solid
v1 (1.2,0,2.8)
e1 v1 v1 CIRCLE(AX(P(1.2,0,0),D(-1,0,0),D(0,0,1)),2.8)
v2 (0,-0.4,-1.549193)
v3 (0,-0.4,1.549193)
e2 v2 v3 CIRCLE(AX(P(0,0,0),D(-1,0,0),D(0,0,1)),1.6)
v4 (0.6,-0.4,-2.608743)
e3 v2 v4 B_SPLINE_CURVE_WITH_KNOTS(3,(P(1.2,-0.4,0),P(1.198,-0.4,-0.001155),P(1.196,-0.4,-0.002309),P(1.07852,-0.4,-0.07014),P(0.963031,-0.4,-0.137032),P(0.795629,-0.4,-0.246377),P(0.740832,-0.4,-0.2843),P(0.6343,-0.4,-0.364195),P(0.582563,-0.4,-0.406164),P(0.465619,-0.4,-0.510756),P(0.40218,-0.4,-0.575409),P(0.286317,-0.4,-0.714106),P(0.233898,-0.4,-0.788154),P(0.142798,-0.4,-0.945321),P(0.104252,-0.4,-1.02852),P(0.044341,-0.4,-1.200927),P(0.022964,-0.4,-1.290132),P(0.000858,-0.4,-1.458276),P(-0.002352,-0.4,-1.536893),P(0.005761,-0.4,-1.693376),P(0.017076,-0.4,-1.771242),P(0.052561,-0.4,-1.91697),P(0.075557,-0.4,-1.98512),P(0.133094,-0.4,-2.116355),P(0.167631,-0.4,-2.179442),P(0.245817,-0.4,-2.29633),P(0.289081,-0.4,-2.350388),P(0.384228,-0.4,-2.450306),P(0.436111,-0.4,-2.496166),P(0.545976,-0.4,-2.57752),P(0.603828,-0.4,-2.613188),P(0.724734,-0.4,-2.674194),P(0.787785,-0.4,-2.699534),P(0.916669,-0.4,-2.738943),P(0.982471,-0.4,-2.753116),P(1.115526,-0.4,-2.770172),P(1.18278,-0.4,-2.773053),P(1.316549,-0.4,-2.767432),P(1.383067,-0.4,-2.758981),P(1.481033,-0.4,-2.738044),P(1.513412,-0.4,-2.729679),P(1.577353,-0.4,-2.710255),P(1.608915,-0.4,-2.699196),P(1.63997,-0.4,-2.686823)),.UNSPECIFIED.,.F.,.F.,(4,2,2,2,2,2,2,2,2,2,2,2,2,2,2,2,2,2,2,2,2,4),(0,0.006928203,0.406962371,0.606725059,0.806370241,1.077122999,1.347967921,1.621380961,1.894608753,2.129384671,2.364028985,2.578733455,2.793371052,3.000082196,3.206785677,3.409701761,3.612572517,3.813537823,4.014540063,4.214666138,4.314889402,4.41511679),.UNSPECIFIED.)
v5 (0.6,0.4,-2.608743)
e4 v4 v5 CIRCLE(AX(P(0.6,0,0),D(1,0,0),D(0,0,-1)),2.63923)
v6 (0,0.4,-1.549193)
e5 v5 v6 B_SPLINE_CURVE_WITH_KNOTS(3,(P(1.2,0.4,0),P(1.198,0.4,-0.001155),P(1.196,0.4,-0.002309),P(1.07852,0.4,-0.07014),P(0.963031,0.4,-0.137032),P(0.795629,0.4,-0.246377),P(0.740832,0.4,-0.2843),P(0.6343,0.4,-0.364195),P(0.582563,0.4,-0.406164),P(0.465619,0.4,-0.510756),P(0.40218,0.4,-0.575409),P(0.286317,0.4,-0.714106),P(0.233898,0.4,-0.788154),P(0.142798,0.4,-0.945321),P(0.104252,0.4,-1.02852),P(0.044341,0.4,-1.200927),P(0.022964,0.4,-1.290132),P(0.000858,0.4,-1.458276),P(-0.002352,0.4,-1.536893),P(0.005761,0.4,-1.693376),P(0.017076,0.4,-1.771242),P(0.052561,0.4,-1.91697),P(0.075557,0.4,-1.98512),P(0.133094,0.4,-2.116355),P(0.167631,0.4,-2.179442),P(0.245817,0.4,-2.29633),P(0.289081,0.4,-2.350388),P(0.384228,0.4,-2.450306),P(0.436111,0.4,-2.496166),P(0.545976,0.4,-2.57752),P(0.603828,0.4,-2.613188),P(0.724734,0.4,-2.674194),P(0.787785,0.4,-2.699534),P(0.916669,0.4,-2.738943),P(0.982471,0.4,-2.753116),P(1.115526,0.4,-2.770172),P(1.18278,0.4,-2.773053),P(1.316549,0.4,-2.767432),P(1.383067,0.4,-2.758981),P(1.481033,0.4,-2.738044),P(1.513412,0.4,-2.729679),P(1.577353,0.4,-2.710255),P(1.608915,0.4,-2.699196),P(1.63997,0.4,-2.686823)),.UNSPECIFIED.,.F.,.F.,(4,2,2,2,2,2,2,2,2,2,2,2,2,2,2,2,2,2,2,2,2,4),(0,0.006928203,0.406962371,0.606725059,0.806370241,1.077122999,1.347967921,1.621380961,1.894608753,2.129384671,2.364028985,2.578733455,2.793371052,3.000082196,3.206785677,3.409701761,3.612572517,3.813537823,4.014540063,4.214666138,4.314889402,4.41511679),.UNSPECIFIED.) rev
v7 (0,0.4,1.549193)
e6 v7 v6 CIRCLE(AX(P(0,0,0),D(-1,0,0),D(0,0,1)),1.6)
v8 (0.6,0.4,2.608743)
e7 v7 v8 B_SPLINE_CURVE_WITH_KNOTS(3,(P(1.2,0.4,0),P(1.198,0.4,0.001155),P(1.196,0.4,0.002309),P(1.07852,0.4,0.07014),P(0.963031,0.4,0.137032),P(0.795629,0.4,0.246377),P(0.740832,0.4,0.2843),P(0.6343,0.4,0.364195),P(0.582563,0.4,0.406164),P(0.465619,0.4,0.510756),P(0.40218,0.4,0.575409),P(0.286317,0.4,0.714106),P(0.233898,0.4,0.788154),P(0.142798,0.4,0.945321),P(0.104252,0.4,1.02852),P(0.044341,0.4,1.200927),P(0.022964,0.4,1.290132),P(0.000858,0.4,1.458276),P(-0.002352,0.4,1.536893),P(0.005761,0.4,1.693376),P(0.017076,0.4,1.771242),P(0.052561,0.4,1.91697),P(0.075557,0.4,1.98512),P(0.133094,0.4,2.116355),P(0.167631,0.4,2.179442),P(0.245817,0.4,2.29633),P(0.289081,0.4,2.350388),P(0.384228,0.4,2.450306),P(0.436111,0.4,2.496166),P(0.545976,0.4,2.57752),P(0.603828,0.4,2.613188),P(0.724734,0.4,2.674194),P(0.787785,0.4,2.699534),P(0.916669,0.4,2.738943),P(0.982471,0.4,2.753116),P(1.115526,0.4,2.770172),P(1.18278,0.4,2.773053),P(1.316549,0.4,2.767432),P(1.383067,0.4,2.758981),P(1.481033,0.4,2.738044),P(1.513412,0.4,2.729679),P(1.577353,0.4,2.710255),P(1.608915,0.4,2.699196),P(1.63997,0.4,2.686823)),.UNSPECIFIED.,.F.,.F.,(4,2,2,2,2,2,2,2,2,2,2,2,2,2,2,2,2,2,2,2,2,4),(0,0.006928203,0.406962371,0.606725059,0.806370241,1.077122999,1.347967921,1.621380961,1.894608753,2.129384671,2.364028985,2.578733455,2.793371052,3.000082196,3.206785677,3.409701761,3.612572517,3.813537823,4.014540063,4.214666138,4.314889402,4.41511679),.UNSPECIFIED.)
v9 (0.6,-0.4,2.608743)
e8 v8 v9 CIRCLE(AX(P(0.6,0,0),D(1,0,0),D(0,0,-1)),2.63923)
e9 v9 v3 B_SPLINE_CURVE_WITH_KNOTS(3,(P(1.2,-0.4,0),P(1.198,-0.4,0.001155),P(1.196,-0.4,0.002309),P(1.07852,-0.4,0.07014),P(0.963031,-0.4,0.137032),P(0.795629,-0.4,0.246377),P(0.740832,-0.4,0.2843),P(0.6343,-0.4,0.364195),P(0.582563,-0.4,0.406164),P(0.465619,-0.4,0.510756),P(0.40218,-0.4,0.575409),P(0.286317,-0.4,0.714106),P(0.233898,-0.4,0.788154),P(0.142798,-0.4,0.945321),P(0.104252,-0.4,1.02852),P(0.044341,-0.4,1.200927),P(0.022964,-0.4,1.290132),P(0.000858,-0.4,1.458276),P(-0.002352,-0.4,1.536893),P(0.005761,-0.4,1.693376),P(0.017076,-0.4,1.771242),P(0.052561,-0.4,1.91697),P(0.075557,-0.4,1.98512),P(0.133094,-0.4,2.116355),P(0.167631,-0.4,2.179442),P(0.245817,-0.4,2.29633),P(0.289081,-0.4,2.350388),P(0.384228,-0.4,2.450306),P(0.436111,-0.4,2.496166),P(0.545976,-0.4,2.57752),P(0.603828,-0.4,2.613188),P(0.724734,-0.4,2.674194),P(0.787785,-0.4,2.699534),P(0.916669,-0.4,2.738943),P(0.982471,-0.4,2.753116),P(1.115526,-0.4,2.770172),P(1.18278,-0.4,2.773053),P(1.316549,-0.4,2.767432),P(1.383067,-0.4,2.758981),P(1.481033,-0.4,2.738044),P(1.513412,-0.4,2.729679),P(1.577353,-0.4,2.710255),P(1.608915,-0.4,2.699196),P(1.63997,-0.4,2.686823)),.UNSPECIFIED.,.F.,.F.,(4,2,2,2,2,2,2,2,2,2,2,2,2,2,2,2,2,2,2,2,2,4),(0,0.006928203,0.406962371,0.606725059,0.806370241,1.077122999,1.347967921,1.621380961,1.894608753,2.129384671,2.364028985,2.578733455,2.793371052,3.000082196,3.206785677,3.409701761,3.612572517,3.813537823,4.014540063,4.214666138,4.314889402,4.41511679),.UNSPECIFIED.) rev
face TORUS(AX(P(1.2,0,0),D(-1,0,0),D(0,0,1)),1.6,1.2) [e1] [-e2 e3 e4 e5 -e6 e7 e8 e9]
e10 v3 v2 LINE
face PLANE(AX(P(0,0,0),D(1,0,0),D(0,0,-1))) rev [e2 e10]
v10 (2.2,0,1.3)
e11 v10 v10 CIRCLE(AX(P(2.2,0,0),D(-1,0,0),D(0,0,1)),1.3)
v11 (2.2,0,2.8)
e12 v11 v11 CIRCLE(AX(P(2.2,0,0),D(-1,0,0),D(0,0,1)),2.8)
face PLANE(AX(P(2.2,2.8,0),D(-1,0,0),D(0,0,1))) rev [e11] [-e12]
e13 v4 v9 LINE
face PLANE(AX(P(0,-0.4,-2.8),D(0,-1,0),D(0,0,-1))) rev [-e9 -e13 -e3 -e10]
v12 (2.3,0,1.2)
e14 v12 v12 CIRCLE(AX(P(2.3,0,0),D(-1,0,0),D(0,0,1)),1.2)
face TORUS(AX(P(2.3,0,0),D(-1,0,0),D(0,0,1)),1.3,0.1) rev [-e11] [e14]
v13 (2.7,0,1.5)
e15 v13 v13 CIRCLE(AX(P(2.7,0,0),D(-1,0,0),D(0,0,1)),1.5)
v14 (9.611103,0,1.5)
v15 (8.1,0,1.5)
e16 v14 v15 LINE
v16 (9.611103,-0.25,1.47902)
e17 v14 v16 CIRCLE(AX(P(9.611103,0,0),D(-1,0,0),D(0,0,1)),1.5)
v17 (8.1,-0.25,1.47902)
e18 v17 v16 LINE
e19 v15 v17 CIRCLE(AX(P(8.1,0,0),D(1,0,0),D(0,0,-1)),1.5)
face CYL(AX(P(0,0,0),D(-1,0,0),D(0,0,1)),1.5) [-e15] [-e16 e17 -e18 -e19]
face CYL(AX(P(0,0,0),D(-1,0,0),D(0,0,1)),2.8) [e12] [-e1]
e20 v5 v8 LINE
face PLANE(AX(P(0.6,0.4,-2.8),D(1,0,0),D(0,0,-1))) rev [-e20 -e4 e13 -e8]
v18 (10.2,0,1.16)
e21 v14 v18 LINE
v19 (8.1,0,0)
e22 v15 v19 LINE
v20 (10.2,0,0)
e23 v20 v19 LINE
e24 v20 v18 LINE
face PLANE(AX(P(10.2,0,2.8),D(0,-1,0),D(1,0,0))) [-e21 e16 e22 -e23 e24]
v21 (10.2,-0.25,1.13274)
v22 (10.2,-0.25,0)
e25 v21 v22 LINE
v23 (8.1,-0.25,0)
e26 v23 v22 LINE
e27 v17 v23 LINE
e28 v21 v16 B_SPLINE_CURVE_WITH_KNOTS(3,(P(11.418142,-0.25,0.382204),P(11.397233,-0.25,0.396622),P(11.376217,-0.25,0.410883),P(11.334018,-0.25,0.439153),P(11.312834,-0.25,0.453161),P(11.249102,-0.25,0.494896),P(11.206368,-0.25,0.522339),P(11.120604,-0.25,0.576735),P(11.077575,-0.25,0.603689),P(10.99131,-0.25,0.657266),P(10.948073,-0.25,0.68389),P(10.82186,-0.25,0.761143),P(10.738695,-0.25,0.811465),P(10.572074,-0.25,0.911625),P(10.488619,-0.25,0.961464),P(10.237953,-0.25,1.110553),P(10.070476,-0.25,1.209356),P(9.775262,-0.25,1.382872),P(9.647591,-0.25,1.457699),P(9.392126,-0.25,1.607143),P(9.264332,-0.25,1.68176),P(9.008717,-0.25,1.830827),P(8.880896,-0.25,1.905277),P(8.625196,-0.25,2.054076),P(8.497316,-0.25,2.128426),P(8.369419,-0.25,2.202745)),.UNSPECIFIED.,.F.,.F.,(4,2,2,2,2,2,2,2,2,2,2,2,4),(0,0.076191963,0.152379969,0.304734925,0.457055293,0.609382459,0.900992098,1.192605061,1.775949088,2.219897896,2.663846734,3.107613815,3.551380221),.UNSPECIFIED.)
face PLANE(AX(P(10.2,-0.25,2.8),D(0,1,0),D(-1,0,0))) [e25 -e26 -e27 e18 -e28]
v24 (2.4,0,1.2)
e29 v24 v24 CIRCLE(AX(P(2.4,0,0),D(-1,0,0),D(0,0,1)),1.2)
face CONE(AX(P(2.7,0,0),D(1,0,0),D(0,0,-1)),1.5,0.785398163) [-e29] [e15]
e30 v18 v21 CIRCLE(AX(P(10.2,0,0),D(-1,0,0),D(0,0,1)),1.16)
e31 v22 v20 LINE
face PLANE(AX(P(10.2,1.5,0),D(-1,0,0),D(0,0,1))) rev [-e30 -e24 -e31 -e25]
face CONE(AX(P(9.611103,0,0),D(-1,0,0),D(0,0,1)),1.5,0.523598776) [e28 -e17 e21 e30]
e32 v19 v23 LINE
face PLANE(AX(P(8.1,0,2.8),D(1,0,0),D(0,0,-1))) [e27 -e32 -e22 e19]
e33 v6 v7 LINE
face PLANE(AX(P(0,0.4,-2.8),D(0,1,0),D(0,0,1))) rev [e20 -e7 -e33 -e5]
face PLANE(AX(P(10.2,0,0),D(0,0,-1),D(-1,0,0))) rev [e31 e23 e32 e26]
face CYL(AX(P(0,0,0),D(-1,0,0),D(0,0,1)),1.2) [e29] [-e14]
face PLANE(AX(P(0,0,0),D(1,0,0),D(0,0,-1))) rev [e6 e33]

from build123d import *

# Parameters (mm, degrees)
SLOT_CUT_EXTRUDE1_DEPTH      = 11.941663519
SLOT_CUT_EXTRUDE1_DEPTH_BACK = 11.941663519
SKETCH2_W                    = 0.6
SKETCH2_H                    = 0.8
SKETCH11_W                   = 2.1
SKETCH11_H                   = 0.25
POINT_CUT_EXTRUDE8_DEPTH     = 11.941663544


with BuildPart() as part:
    # Sketch1 → base-Revolve (revolve)
    with BuildSketch(Plane.XY, mode=Mode.PRIVATE) as base_revolve_sk:
        with BuildLine():
            Line((0, 0), (0, 1.6))
            ThreePointArc((0, 1.6), (0.351471863, 2.448528137), (1.2, 2.8))
            Line((1.2, 2.8), (2.2, 2.8))
            Line((2.2, 2.8), (2.2, 1.3))
            ThreePointArc((2.2, 1.3), (2.229289322, 1.229289322), (2.3, 1.2))
            Line((2.3, 1.2), (2.4, 1.2))
            Line((2.4, 1.2), (2.7, 1.5))
            Line((2.7, 1.5), (10.2, 1.5))
            Line((10.2, 1.5), (10.2, 0))
            Line((10.2, 0), (0, 0))
        make_face()
    revolve(base_revolve_sk.sketch.rotate(Axis((0, 0, 0), (1, 0, 0)), 90), axis=Axis((0, 0, 0), (1, 0, 0)))

    # Sketch2 → slot_Cut-Extrude1 (cut, two sides: drawn at the far end of the back side and taken through both)
    with BuildSketch(Plane.XY.offset(-SLOT_CUT_EXTRUDE1_DEPTH_BACK)):
        with Locations((0.3, 0)):
            Rectangle(SKETCH2_W, SKETCH2_H)
    extrude(amount=SLOT_CUT_EXTRUDE1_DEPTH + SLOT_CUT_EXTRUDE1_DEPTH_BACK, mode=Mode.SUBTRACT)

    # Sketch8 → point_Cut-Revolve1 (revolve, cut)
    with BuildSketch(Plane.XY, mode=Mode.PRIVATE) as point_cut_revolve1_sk:
        Polygon((10.2, 0), (10.708, 0), (10.708, 2.008), (9.611102725, 2.008), (9.611102725, 1.5), (10.2, 1.16), align=None)
    revolve(point_cut_revolve1_sk.sketch.rotate(Axis((0, 0, 0), (1, 0, 0)), 90), axis=Axis((0, 0, 0), (1, 0, 0)), mode=Mode.SUBTRACT)

    # Sketch11 → point_Cut-Extrude8 (cut, through all)
    with BuildSketch(Plane.XY):
        with Locations((9.15, -0.125)):
            Rectangle(SKETCH11_W, SKETCH11_H)
    extrude(amount=POINT_CUT_EXTRUDE8_DEPTH, mode=Mode.SUBTRACT)


solid = part.part
